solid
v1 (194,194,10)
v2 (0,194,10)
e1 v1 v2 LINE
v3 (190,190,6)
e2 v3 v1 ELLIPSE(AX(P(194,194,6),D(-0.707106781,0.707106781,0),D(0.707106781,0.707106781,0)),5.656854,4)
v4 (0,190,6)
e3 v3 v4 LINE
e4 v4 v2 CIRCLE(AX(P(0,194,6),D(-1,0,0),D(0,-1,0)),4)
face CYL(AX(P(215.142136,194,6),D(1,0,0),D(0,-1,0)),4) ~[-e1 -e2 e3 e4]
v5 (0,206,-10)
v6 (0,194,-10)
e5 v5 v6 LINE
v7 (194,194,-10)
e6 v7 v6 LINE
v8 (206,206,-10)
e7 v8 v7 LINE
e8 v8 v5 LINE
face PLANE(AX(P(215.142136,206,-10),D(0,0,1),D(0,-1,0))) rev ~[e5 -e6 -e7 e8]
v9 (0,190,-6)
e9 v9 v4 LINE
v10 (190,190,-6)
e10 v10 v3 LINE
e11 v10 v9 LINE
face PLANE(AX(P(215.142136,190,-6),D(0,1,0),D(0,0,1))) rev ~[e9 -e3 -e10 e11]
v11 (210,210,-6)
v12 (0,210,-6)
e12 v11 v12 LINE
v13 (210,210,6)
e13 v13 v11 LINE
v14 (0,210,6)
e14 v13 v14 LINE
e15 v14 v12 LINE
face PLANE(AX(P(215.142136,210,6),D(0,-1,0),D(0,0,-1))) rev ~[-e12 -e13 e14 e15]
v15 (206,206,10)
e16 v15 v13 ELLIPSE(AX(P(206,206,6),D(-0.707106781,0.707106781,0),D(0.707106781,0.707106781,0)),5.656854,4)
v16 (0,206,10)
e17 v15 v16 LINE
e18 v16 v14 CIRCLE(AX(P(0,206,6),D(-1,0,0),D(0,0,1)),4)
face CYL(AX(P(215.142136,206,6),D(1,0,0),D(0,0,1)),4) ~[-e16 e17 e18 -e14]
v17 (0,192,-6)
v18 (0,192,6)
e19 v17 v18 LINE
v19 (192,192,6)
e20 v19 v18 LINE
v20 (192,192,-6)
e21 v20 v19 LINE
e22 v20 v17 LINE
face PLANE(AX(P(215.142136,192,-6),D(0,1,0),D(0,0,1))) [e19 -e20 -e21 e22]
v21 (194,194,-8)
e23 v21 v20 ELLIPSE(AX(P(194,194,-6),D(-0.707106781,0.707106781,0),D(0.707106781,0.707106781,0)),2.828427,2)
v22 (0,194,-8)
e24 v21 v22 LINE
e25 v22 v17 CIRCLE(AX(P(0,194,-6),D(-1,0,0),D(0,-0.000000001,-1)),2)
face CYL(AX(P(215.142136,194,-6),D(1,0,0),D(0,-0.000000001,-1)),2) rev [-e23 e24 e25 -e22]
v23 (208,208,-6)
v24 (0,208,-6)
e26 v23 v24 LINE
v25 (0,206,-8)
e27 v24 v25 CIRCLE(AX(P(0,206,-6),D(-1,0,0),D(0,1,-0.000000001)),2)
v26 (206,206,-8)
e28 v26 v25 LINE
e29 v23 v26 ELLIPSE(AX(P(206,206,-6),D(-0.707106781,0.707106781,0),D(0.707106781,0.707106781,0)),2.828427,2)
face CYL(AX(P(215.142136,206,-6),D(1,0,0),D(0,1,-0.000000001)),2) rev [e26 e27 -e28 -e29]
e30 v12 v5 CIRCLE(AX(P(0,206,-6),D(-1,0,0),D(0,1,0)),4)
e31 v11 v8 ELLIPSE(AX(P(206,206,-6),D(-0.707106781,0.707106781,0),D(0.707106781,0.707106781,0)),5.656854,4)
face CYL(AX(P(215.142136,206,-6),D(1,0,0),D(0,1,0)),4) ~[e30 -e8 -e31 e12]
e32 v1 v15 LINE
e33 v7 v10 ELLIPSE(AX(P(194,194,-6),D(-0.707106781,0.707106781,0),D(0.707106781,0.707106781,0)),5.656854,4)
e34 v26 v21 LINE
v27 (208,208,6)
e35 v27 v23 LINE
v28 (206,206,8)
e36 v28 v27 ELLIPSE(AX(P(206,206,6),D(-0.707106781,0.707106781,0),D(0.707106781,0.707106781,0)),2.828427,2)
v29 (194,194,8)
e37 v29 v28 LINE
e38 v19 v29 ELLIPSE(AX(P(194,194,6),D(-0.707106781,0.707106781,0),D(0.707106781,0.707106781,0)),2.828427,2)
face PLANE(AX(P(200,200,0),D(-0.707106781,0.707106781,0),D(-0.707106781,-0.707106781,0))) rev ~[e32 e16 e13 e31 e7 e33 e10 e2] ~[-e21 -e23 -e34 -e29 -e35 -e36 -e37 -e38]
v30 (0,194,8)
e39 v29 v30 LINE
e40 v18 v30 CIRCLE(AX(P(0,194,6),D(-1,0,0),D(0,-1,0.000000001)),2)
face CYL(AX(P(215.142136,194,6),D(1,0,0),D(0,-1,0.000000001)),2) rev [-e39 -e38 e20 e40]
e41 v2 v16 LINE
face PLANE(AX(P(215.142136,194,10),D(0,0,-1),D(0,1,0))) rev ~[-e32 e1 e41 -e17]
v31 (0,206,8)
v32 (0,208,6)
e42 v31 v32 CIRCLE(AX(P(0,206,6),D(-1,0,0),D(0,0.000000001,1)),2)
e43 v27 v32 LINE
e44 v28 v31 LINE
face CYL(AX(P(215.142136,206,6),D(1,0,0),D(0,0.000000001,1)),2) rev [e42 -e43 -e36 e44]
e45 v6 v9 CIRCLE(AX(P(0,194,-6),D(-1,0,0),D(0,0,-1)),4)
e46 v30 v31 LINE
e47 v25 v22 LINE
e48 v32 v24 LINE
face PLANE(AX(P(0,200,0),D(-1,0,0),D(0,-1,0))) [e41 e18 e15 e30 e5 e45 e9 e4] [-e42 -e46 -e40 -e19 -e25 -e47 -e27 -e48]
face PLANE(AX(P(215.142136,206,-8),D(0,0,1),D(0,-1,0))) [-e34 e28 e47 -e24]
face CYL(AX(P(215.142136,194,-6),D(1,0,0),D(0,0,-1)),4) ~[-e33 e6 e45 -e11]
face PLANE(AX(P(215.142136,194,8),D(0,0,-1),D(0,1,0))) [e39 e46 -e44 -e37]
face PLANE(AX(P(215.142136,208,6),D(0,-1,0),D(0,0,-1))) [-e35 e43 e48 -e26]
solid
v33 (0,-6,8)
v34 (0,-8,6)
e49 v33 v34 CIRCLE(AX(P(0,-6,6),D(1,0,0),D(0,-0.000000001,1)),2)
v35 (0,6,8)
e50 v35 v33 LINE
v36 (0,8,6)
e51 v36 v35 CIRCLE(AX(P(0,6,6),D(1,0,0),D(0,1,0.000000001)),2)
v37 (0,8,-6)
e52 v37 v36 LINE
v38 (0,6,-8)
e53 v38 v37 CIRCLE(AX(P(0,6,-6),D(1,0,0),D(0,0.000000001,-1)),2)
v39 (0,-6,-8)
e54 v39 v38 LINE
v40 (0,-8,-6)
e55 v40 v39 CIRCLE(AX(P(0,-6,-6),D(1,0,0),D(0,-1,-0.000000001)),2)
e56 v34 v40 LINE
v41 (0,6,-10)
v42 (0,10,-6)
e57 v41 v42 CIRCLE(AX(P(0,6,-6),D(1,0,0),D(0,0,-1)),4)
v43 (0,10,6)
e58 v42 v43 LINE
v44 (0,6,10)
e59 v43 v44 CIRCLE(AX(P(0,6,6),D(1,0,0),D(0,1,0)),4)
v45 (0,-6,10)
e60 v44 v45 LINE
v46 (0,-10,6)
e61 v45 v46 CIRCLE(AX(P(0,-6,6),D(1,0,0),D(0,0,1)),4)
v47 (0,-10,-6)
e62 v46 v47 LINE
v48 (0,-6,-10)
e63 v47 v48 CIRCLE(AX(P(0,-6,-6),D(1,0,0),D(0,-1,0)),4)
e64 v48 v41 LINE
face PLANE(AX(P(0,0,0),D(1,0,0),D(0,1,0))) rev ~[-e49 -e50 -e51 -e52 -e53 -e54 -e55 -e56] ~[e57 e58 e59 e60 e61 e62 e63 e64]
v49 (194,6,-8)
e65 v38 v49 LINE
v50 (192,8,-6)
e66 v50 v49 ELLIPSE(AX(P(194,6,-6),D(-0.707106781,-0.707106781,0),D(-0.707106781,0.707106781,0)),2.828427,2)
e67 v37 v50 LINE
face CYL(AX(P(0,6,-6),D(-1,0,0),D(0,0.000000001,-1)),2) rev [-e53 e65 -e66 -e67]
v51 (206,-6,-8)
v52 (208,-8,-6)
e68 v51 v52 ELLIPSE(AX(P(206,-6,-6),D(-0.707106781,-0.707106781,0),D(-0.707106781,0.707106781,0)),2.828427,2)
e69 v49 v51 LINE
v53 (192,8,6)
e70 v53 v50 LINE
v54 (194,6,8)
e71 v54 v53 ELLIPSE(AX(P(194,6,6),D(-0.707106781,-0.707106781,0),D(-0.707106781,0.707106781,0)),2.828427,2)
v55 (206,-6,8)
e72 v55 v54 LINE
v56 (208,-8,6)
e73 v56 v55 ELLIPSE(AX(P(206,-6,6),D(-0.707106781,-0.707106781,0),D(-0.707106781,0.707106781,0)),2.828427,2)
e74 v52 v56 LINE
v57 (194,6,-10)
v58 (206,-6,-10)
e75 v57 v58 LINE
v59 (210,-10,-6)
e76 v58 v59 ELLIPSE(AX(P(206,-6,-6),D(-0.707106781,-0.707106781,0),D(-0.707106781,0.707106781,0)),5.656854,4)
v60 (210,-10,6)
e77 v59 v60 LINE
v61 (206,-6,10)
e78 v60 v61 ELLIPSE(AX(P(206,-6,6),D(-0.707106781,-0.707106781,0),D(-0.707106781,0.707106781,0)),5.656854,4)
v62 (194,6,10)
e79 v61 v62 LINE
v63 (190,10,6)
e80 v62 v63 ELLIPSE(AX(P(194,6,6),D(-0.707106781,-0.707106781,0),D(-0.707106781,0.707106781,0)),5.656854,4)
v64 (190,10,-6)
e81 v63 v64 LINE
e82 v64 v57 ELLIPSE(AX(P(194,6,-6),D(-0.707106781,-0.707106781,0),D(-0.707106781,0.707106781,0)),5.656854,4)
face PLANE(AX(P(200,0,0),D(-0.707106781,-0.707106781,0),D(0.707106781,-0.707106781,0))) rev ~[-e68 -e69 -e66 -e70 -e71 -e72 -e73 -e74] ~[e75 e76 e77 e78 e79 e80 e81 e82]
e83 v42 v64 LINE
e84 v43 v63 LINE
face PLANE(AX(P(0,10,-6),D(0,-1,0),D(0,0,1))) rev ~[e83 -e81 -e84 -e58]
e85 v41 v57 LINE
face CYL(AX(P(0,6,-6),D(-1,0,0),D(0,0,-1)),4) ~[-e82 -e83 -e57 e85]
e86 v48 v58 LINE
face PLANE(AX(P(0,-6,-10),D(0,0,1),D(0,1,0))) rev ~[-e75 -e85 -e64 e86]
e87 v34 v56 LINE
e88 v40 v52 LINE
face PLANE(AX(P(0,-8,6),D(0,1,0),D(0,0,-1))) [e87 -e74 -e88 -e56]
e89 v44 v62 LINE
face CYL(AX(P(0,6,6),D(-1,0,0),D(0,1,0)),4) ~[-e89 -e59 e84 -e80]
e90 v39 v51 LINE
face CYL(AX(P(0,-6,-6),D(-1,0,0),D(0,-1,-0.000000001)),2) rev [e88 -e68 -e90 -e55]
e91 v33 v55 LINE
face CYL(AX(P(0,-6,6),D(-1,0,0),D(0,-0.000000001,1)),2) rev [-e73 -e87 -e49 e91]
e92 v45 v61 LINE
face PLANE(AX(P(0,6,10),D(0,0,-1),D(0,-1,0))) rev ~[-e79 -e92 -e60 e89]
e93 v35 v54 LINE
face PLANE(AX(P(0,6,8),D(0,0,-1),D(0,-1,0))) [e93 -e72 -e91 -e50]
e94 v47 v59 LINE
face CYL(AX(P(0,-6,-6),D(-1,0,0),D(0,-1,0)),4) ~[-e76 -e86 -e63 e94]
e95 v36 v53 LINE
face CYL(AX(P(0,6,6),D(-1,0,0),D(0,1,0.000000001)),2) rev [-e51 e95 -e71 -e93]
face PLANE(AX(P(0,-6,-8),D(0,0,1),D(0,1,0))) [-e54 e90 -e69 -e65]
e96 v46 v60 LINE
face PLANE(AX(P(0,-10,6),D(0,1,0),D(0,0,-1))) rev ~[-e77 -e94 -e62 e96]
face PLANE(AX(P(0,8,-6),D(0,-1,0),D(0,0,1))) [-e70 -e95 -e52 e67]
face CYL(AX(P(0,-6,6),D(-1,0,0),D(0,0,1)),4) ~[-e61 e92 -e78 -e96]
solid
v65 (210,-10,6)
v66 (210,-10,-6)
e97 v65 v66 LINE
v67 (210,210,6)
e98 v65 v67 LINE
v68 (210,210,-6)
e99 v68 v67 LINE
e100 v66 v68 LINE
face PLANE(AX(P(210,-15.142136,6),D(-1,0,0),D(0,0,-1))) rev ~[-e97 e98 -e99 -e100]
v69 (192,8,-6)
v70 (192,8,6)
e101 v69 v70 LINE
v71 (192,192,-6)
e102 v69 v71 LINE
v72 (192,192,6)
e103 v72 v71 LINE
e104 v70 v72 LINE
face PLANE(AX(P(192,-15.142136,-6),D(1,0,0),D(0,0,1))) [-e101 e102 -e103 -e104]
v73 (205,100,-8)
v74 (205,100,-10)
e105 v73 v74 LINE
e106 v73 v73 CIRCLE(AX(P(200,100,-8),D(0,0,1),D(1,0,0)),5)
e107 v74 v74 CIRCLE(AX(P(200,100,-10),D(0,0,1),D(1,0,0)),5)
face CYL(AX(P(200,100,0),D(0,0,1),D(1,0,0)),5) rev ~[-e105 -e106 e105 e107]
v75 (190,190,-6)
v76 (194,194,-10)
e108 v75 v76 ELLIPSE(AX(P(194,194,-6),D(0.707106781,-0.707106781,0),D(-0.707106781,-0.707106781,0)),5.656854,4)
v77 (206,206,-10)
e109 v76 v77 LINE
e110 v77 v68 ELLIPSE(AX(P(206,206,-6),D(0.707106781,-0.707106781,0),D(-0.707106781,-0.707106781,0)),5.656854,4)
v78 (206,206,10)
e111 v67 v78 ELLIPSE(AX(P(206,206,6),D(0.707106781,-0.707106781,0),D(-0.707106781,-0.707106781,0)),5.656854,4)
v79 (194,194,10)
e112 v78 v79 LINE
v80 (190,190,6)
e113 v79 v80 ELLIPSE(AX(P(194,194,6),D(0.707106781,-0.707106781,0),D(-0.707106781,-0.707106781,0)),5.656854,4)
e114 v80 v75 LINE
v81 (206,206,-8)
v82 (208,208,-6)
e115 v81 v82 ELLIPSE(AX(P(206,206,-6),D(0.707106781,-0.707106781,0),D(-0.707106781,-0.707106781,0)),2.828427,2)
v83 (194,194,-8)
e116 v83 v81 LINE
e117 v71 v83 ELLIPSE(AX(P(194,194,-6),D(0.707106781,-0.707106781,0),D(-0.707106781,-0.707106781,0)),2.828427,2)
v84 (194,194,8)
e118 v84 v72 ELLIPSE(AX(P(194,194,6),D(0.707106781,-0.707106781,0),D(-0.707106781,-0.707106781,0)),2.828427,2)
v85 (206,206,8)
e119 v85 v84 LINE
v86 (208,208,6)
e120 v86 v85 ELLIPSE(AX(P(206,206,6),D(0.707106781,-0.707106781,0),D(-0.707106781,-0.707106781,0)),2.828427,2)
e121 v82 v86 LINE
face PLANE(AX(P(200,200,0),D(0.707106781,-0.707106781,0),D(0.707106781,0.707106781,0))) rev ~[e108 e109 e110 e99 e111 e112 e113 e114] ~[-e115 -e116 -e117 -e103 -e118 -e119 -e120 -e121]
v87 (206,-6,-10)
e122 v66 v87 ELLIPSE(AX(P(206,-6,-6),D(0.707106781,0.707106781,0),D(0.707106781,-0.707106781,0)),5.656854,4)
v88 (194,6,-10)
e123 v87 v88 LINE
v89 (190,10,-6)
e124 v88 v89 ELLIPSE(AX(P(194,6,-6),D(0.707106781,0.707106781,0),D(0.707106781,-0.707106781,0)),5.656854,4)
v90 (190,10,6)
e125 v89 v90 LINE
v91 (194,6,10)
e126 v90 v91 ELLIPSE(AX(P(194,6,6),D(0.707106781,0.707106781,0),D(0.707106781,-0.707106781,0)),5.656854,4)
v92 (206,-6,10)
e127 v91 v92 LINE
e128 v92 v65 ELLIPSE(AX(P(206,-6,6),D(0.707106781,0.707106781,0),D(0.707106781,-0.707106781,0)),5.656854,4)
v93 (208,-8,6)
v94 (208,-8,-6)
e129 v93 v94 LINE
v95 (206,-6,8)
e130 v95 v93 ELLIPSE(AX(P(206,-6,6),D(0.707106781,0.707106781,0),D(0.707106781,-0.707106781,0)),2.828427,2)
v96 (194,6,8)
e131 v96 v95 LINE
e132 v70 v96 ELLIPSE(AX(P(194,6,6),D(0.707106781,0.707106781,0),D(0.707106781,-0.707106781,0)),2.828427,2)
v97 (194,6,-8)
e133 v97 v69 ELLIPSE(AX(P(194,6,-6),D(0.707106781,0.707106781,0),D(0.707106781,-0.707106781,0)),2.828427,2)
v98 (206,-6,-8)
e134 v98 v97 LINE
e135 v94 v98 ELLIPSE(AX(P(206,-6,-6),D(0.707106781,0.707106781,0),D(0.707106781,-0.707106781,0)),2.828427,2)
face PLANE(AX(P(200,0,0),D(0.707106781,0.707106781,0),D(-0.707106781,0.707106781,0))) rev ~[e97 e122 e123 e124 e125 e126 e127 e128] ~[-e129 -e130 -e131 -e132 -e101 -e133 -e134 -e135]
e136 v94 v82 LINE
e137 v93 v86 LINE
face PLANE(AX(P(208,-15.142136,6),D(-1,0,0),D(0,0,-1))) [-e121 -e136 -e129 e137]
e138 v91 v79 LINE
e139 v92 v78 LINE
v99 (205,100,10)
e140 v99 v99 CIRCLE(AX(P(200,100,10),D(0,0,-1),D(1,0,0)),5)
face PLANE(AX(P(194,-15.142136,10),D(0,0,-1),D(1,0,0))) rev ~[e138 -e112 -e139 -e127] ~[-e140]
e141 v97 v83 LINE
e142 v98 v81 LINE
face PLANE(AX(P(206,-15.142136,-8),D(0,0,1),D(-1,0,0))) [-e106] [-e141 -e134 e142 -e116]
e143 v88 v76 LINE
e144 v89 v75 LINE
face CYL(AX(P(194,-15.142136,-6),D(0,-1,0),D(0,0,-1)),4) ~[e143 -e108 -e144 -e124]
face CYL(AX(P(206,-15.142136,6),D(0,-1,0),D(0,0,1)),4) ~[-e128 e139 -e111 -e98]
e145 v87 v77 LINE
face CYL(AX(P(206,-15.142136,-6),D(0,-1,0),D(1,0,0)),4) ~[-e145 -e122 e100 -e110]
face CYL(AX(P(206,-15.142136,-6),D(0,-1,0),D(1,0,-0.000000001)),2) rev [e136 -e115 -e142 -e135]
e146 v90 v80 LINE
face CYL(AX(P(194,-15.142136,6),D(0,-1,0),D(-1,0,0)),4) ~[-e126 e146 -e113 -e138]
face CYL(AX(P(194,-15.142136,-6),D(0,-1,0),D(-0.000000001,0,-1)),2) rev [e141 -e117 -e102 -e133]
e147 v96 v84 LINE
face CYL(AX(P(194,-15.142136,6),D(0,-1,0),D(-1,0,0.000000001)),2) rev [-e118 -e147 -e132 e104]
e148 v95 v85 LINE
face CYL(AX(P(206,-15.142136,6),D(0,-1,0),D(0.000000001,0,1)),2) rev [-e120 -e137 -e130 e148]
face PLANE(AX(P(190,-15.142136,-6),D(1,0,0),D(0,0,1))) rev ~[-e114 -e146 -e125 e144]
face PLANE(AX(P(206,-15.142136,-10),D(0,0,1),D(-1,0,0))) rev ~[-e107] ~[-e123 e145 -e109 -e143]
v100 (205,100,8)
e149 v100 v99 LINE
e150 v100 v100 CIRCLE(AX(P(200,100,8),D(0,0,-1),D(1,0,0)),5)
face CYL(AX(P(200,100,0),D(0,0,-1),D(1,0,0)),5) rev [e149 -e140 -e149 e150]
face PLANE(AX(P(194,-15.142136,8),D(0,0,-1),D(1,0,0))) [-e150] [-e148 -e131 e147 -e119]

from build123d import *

# Parameters (mm, degrees)
SQUARE_TUBE_20_X_20_X_2_1_DEPTH   = 215.142135624
SQUARE_TUBE_20_X_20_X_2_1_2_DEPTH = 230.284271247
SQUARE_TUBE_20_X_20_X_2_1_3_DEPTH = 215.142135624
SKETCH12_R                        = 5
CUT_EXTRUDE1_DEPTH                = 298.153159162
CUT_EXTRUDE1_DEPTH_BACK           = 298.153159162


with BuildPart() as part:
    # Sketch11 → Square tube 20 X 20 X 2(1) (new body)
    with BuildSketch(Plane.YZ):
        with BuildLine():
            Line((-6, -10), (6, -10))
            ThreePointArc((6, -10), (8.828427125, -8.828427125), (10, -6))
            Line((10, -6), (10, 6))
            ThreePointArc((10, 6), (8.828427125, 8.828427125), (6, 10))
            Line((6, 10), (-6, 10))
            ThreePointArc((-6, 10), (-8.828427125, 8.828427125), (-10, 6))
            Line((-10, 6), (-10, -6))
            ThreePointArc((-10, -6), (-8.828427125, -8.828427125), (-6, -10))
        make_face()
        with BuildLine():
            Line((-6, -8), (6, -8))
            ThreePointArc((6, -8), (7.414213562, -7.414213562), (8, -6))
            Line((8, -6), (8, 6))
            ThreePointArc((8, 6), (7.414213562, 7.414213562), (6, 8))
            Line((6, 8), (-6, 8))
            ThreePointArc((-6, 8), (-7.414213562, 7.414213562), (-8, 6))
            Line((-8, 6), (-8, -6))
            ThreePointArc((-8, -6), (-7.414213562, -7.414213562), (-6, -8))
        make_face(mode=Mode.SUBTRACT)
    extrude(amount=SQUARE_TUBE_20_X_20_X_2_1_DEPTH)

    # Square tube 20 X 20 X 2(1) mitre 1
    split(bisect_by=Plane(origin=(200, 0, 0), x_dir=(0.707106781, -0.707106781, 0), z_dir=(-0.707106781, -0.707106781, 0)), keep=Keep.TOP)


with BuildPart() as body_2:
    # Sketch11 on segment 2 (carried to segment 2) → Square tube 20 X 20 X 2_1 2 (new body)
    with BuildSketch(Plane(origin=(200, -15.142135624, 0), x_dir=(-1, 0, 0), z_dir=(0, 1, 0))):
        with BuildLine():
            Line((-6, -10), (6, -10))
            ThreePointArc((6, -10), (8.828427125, -8.828427125), (10, -6))
            Line((10, -6), (10, 6))
            ThreePointArc((10, 6), (8.828427125, 8.828427125), (6, 10))
            Line((6, 10), (-6, 10))
            ThreePointArc((-6, 10), (-8.828427125, 8.828427125), (-10, 6))
            Line((-10, 6), (-10, -6))
            ThreePointArc((-10, -6), (-8.828427125, -8.828427125), (-6, -10))
        make_face()
        with BuildLine():
            Line((-6, -8), (6, -8))
            ThreePointArc((6, -8), (7.414213562, -7.414213562), (8, -6))
            Line((8, -6), (8, 6))
            ThreePointArc((8, 6), (7.414213562, 7.414213562), (6, 8))
            Line((6, 8), (-6, 8))
            ThreePointArc((-6, 8), (-7.414213562, 7.414213562), (-8, 6))
            Line((-8, 6), (-8, -6))
            ThreePointArc((-8, -6), (-7.414213562, -7.414213562), (-6, -8))
        make_face(mode=Mode.SUBTRACT)
    extrude(amount=SQUARE_TUBE_20_X_20_X_2_1_2_DEPTH)

    # Square tube 20 X 20 X 2_1 2 mitre 1
    split(bisect_by=Plane(origin=(200, 0, 0), x_dir=(-0.707106781, 0.707106781, 0), z_dir=(0.707106781, 0.707106781, 0)), keep=Keep.TOP)

    # Square tube 20 X 20 X 2_1 2 mitre 2
    split(bisect_by=Plane(origin=(200, 200, 0), x_dir=(0.707106781, 0.707106781, 0), z_dir=(0.707106781, -0.707106781, 0)), keep=Keep.TOP)

    # Sketch12 → Cut-Extrude1 (cut, two sides)
    with BuildSketch(Plane.XY) as cut_extrude1_sk:
        with Locations((200, 100)):
            Circle(SKETCH12_R)
    extrude(amount=CUT_EXTRUDE1_DEPTH, mode=Mode.SUBTRACT)
    extrude(cut_extrude1_sk.sketch, amount=-CUT_EXTRUDE1_DEPTH_BACK, mode=Mode.SUBTRACT)


with BuildPart() as body_3:
    # Sketch11 on segment 3 (carried to segment 3) → Square tube 20 X 20 X 2_1 3 (new body)
    with BuildSketch(Plane(origin=(215.142135624, 200, 0), x_dir=(0, -1, 0), z_dir=(-1, 0, 0))):
        with BuildLine():
            Line((-6, -10), (6, -10))
            ThreePointArc((6, -10), (8.828427125, -8.828427125), (10, -6))
            Line((10, -6), (10, 6))
            ThreePointArc((10, 6), (8.828427125, 8.828427125), (6, 10))
            Line((6, 10), (-6, 10))
            ThreePointArc((-6, 10), (-8.828427125, 8.828427125), (-10, 6))
            Line((-10, 6), (-10, -6))
            ThreePointArc((-10, -6), (-8.828427125, -8.828427125), (-6, -10))
        make_face()
        with BuildLine():
            Line((-6, -8), (6, -8))
            ThreePointArc((6, -8), (7.414213562, -7.414213562), (8, -6))
            Line((8, -6), (8, 6))
            ThreePointArc((8, 6), (7.414213562, 7.414213562), (6, 8))
            Line((6, 8), (-6, 8))
            ThreePointArc((-6, 8), (-7.414213562, 7.414213562), (-8, 6))
            Line((-8, 6), (-8, -6))
            ThreePointArc((-8, -6), (-7.414213562, -7.414213562), (-6, -8))
        make_face(mode=Mode.SUBTRACT)
    extrude(amount=SQUARE_TUBE_20_X_20_X_2_1_3_DEPTH)

    # Square tube 20 X 20 X 2_1 3 mitre 1
    split(bisect_by=Plane(origin=(200, 200, 0), x_dir=(-0.707106781, -0.707106781, 0), z_dir=(-0.707106781, 0.707106781, 0)), keep=Keep.TOP)


solid = Compound([part.part, body_2.part, body_3.part])
